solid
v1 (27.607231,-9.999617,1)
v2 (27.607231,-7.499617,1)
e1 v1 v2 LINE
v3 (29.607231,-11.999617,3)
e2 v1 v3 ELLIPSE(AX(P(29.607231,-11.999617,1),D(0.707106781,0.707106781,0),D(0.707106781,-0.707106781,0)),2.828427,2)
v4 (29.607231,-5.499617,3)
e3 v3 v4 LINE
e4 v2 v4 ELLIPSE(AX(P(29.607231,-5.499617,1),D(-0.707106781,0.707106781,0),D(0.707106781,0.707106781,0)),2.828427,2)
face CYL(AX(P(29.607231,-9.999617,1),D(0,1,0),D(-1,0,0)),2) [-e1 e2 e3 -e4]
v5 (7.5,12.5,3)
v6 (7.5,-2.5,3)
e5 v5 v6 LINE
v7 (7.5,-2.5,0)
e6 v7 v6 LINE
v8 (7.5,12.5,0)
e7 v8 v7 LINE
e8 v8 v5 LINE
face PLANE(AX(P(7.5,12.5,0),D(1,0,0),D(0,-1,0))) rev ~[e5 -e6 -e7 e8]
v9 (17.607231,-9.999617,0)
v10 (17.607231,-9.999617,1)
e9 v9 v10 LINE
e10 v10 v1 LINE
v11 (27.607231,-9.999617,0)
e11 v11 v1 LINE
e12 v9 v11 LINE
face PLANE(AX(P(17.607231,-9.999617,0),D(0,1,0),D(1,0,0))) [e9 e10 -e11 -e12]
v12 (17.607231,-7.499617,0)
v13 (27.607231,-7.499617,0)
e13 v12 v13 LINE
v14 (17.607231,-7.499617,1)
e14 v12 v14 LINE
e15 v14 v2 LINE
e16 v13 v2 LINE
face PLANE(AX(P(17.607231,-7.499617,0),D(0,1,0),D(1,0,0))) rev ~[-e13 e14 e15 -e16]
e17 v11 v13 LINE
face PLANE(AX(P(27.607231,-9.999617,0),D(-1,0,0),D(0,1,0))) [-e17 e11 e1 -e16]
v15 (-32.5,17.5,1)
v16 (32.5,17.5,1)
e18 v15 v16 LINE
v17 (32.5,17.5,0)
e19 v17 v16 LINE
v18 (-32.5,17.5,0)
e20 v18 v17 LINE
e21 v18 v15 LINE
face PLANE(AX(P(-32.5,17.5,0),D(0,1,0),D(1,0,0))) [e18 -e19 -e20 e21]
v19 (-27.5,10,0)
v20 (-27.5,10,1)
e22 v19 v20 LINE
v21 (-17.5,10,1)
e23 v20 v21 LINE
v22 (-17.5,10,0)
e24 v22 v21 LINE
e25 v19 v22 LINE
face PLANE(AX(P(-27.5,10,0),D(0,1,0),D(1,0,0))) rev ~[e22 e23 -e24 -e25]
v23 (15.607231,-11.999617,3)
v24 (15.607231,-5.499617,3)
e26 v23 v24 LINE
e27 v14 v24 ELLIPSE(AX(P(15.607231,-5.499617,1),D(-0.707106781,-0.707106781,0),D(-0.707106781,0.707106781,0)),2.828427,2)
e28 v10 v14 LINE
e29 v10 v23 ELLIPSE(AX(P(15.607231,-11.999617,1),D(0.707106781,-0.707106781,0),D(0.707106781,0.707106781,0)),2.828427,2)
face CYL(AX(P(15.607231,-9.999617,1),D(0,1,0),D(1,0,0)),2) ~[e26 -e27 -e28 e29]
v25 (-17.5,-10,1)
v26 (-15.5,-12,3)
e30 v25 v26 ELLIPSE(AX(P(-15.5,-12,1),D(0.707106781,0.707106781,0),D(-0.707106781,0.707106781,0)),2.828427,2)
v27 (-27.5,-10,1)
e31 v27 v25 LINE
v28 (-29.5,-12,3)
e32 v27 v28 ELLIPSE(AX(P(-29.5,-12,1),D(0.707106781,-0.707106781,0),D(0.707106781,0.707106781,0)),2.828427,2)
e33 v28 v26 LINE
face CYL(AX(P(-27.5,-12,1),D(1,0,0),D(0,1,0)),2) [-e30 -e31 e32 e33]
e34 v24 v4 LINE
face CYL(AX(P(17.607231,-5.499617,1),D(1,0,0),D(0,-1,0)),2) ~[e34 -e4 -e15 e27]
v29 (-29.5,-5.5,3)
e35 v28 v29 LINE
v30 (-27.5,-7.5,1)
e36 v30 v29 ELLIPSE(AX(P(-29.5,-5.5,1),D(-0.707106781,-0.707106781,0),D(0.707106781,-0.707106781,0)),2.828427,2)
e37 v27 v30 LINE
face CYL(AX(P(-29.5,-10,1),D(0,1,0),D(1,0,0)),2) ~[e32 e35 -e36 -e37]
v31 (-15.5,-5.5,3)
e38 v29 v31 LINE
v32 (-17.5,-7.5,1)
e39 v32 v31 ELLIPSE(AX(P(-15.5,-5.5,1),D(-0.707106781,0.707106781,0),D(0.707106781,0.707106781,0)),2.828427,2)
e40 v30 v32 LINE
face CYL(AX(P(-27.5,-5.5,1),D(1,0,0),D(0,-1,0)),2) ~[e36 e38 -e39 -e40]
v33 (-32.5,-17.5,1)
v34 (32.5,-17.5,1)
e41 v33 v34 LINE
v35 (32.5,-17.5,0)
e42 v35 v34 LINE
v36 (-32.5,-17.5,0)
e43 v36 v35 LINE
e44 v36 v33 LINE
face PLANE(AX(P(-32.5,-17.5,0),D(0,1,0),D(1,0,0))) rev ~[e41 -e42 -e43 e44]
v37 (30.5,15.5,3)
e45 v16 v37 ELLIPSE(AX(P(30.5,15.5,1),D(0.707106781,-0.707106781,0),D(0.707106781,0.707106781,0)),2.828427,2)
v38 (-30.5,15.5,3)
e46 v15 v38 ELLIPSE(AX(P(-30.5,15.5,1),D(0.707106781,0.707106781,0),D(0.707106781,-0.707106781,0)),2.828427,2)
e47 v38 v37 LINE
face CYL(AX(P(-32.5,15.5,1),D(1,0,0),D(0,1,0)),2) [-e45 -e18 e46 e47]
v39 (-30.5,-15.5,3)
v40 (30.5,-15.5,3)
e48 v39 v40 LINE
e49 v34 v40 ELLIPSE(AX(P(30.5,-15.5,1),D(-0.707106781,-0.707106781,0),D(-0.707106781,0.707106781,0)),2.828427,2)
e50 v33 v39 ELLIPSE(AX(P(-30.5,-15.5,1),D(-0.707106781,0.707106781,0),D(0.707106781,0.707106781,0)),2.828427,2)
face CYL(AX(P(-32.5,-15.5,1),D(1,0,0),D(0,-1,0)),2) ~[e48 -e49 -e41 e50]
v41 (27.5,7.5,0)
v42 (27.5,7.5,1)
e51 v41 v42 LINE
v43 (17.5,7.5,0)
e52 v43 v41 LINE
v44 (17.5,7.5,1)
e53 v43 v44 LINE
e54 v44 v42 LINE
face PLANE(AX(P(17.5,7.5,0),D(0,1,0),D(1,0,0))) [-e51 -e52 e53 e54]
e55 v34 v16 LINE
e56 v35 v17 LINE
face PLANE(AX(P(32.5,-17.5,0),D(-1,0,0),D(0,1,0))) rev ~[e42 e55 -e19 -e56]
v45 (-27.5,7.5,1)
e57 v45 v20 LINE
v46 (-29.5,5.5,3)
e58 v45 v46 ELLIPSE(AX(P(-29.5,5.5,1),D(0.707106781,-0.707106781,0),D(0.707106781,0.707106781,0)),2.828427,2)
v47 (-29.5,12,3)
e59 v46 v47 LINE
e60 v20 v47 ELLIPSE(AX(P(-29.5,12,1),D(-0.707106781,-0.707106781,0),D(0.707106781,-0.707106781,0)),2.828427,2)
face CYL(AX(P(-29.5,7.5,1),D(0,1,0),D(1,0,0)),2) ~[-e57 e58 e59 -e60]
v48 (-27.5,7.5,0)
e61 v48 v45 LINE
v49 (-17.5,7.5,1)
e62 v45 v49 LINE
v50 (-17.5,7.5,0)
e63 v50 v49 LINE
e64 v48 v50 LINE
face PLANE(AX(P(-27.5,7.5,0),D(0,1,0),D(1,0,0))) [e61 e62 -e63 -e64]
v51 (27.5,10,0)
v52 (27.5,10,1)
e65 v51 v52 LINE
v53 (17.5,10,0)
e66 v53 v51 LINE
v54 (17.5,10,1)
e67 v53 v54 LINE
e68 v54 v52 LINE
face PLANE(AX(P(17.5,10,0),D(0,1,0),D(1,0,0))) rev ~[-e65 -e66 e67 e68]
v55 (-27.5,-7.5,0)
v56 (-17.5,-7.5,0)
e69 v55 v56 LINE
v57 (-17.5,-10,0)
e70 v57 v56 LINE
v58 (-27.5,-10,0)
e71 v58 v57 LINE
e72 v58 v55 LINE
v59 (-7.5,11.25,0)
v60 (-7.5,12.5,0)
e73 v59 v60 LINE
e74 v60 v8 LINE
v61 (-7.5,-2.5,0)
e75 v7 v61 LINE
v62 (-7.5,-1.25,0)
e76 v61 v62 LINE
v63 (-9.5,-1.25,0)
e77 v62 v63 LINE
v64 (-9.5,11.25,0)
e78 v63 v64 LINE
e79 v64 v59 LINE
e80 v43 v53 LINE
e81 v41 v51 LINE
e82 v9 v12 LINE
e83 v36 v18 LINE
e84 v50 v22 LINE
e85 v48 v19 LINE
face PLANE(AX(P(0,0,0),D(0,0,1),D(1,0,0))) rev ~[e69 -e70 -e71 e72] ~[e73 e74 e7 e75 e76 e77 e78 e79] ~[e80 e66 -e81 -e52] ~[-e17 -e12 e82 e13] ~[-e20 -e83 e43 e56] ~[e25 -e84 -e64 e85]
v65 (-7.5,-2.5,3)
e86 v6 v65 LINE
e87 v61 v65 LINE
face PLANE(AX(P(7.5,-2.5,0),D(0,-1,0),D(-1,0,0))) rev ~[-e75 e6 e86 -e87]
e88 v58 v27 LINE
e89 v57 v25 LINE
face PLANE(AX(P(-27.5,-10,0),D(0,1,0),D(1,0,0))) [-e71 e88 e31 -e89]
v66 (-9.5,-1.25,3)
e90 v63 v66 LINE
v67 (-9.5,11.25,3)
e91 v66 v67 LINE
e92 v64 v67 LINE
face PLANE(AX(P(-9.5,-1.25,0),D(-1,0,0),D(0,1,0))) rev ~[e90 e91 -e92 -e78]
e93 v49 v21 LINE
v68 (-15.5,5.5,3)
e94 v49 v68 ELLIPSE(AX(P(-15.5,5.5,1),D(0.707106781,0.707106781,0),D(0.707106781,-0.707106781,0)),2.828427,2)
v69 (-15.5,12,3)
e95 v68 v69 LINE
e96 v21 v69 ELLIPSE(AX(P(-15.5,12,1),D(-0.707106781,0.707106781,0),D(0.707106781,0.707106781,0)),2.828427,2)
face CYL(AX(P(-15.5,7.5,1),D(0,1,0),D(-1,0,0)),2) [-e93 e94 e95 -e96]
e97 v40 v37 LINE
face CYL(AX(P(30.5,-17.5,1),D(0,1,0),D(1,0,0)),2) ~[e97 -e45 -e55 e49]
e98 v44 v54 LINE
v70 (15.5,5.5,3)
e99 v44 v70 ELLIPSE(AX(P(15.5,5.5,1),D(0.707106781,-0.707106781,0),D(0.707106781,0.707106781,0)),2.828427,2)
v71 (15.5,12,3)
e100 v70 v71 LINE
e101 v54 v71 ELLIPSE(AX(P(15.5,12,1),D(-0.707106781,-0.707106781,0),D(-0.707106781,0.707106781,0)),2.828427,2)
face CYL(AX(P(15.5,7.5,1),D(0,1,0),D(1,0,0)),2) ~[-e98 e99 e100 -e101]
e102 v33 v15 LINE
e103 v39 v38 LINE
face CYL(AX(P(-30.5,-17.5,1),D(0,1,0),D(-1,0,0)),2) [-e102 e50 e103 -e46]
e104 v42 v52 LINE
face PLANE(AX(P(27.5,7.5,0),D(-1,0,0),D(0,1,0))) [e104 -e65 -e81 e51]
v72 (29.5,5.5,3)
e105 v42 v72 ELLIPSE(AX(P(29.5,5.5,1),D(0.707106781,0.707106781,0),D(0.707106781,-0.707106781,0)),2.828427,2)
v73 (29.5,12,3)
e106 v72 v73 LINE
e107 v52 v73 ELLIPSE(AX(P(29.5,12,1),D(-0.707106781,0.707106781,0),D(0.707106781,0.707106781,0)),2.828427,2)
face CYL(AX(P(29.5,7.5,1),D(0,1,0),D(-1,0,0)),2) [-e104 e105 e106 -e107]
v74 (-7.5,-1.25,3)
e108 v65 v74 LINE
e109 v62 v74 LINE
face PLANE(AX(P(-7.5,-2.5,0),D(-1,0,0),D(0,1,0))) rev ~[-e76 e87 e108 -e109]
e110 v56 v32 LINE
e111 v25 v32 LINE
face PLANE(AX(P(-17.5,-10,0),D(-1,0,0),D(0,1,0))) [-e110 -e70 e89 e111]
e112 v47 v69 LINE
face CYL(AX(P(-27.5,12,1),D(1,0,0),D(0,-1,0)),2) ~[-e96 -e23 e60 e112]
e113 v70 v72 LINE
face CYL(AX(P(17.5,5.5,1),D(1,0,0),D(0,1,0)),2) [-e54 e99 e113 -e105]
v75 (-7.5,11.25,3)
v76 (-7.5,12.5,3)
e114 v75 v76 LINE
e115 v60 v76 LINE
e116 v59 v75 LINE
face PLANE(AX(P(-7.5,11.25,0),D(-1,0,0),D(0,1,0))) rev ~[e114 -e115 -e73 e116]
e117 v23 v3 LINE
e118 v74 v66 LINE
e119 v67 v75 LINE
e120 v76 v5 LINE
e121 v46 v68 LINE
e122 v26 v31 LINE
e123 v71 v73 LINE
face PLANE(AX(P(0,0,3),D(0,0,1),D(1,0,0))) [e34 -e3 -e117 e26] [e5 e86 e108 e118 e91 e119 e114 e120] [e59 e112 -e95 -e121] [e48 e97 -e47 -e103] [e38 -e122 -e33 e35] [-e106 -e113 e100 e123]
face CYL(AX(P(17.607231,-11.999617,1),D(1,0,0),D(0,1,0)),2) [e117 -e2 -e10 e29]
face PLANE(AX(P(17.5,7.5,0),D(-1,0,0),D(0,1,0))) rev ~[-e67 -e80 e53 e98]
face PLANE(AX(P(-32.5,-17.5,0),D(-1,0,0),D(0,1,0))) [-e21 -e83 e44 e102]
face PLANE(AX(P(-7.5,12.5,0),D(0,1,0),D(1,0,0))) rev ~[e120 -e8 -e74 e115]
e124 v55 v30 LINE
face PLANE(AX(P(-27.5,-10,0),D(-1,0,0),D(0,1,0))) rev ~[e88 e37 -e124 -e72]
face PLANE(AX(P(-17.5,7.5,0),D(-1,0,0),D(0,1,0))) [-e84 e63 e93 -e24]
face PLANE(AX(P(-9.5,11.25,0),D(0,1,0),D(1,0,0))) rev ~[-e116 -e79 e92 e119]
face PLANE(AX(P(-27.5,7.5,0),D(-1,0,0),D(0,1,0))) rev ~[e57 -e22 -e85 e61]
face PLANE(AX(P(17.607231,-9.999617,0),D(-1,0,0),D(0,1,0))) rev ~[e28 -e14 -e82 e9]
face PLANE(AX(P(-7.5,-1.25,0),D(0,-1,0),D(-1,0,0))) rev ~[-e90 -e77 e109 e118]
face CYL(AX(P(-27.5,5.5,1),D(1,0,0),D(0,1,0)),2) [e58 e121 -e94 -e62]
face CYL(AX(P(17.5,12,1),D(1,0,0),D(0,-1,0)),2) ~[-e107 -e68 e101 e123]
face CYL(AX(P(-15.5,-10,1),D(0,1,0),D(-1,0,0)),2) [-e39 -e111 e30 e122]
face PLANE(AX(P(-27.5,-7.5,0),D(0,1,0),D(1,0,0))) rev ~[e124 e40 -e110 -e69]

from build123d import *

# Parameters (mm, degrees)
F0_W     = 65
F0_H     = 35
F0_W_2   = 10
F0_H_2   = 2.5
F1_DEPTH = 3
F2_R     = 2


with BuildPart() as f1:
    # F0 (on Top) → F1 (new body)
    with BuildSketch(Plane.XY):
        Rectangle(F0_W, F0_H)
        with Locations((-22.5, -8.75)):
            Rectangle(F0_W_2, F0_H_2, mode=Mode.SUBTRACT)
        with Locations((22.607231, -8.749617)):
            Rectangle(F0_W_2, F0_H_2, mode=Mode.SUBTRACT)
        Polygon((7.5, -2.5), (-7.5, -2.5), (-7.5, -1.25), (-9.5, -1.25), (-9.5, 11.25), (-7.5, 11.25), (-7.5, 12.5), (7.5, 12.5), align=None, mode=Mode.SUBTRACT)
        with Locations((-22.5, 8.75)):
            Rectangle(F0_W_2, F0_H_2, mode=Mode.SUBTRACT)
        with Locations((22.5, 8.75)):
            Rectangle(F0_W_2, F0_H_2, mode=Mode.SUBTRACT)
    extrude(amount=F1_DEPTH)

    # F2
    f2_edges = [f1.edges().sort_by_distance(p)[0] for p in [
        (0, 17.5, 3),
        (-32.5, 0, 3),
        (-22.5, 10, 3),
        (-22.5, 7.5, 3),
        (-27.5, 8.75, 3),
        (-17.5, 8.75, 3),
        (-22.5, -7.5, 3),
        (-27.5, -8.75, 3),
        (-17.5, -8.75, 3),
        (-22.5, -10, 3),
        (22.607231, -9.999617, 3),
        (17.607231, -8.749617, 3),
        (22.607231, -7.499617, 3),
        (27.607231, -8.749617, 3),
        (22.5, 7.5, 3),
        (17.5, 8.75, 3),
        (22.5, 10, 3),
        (27.5, 8.75, 3),
        (32.5, 0, 3),
        (0, -17.5, 3),
    ]]
    fillet(f2_edges, radius=F2_R)


solid = f1.part
